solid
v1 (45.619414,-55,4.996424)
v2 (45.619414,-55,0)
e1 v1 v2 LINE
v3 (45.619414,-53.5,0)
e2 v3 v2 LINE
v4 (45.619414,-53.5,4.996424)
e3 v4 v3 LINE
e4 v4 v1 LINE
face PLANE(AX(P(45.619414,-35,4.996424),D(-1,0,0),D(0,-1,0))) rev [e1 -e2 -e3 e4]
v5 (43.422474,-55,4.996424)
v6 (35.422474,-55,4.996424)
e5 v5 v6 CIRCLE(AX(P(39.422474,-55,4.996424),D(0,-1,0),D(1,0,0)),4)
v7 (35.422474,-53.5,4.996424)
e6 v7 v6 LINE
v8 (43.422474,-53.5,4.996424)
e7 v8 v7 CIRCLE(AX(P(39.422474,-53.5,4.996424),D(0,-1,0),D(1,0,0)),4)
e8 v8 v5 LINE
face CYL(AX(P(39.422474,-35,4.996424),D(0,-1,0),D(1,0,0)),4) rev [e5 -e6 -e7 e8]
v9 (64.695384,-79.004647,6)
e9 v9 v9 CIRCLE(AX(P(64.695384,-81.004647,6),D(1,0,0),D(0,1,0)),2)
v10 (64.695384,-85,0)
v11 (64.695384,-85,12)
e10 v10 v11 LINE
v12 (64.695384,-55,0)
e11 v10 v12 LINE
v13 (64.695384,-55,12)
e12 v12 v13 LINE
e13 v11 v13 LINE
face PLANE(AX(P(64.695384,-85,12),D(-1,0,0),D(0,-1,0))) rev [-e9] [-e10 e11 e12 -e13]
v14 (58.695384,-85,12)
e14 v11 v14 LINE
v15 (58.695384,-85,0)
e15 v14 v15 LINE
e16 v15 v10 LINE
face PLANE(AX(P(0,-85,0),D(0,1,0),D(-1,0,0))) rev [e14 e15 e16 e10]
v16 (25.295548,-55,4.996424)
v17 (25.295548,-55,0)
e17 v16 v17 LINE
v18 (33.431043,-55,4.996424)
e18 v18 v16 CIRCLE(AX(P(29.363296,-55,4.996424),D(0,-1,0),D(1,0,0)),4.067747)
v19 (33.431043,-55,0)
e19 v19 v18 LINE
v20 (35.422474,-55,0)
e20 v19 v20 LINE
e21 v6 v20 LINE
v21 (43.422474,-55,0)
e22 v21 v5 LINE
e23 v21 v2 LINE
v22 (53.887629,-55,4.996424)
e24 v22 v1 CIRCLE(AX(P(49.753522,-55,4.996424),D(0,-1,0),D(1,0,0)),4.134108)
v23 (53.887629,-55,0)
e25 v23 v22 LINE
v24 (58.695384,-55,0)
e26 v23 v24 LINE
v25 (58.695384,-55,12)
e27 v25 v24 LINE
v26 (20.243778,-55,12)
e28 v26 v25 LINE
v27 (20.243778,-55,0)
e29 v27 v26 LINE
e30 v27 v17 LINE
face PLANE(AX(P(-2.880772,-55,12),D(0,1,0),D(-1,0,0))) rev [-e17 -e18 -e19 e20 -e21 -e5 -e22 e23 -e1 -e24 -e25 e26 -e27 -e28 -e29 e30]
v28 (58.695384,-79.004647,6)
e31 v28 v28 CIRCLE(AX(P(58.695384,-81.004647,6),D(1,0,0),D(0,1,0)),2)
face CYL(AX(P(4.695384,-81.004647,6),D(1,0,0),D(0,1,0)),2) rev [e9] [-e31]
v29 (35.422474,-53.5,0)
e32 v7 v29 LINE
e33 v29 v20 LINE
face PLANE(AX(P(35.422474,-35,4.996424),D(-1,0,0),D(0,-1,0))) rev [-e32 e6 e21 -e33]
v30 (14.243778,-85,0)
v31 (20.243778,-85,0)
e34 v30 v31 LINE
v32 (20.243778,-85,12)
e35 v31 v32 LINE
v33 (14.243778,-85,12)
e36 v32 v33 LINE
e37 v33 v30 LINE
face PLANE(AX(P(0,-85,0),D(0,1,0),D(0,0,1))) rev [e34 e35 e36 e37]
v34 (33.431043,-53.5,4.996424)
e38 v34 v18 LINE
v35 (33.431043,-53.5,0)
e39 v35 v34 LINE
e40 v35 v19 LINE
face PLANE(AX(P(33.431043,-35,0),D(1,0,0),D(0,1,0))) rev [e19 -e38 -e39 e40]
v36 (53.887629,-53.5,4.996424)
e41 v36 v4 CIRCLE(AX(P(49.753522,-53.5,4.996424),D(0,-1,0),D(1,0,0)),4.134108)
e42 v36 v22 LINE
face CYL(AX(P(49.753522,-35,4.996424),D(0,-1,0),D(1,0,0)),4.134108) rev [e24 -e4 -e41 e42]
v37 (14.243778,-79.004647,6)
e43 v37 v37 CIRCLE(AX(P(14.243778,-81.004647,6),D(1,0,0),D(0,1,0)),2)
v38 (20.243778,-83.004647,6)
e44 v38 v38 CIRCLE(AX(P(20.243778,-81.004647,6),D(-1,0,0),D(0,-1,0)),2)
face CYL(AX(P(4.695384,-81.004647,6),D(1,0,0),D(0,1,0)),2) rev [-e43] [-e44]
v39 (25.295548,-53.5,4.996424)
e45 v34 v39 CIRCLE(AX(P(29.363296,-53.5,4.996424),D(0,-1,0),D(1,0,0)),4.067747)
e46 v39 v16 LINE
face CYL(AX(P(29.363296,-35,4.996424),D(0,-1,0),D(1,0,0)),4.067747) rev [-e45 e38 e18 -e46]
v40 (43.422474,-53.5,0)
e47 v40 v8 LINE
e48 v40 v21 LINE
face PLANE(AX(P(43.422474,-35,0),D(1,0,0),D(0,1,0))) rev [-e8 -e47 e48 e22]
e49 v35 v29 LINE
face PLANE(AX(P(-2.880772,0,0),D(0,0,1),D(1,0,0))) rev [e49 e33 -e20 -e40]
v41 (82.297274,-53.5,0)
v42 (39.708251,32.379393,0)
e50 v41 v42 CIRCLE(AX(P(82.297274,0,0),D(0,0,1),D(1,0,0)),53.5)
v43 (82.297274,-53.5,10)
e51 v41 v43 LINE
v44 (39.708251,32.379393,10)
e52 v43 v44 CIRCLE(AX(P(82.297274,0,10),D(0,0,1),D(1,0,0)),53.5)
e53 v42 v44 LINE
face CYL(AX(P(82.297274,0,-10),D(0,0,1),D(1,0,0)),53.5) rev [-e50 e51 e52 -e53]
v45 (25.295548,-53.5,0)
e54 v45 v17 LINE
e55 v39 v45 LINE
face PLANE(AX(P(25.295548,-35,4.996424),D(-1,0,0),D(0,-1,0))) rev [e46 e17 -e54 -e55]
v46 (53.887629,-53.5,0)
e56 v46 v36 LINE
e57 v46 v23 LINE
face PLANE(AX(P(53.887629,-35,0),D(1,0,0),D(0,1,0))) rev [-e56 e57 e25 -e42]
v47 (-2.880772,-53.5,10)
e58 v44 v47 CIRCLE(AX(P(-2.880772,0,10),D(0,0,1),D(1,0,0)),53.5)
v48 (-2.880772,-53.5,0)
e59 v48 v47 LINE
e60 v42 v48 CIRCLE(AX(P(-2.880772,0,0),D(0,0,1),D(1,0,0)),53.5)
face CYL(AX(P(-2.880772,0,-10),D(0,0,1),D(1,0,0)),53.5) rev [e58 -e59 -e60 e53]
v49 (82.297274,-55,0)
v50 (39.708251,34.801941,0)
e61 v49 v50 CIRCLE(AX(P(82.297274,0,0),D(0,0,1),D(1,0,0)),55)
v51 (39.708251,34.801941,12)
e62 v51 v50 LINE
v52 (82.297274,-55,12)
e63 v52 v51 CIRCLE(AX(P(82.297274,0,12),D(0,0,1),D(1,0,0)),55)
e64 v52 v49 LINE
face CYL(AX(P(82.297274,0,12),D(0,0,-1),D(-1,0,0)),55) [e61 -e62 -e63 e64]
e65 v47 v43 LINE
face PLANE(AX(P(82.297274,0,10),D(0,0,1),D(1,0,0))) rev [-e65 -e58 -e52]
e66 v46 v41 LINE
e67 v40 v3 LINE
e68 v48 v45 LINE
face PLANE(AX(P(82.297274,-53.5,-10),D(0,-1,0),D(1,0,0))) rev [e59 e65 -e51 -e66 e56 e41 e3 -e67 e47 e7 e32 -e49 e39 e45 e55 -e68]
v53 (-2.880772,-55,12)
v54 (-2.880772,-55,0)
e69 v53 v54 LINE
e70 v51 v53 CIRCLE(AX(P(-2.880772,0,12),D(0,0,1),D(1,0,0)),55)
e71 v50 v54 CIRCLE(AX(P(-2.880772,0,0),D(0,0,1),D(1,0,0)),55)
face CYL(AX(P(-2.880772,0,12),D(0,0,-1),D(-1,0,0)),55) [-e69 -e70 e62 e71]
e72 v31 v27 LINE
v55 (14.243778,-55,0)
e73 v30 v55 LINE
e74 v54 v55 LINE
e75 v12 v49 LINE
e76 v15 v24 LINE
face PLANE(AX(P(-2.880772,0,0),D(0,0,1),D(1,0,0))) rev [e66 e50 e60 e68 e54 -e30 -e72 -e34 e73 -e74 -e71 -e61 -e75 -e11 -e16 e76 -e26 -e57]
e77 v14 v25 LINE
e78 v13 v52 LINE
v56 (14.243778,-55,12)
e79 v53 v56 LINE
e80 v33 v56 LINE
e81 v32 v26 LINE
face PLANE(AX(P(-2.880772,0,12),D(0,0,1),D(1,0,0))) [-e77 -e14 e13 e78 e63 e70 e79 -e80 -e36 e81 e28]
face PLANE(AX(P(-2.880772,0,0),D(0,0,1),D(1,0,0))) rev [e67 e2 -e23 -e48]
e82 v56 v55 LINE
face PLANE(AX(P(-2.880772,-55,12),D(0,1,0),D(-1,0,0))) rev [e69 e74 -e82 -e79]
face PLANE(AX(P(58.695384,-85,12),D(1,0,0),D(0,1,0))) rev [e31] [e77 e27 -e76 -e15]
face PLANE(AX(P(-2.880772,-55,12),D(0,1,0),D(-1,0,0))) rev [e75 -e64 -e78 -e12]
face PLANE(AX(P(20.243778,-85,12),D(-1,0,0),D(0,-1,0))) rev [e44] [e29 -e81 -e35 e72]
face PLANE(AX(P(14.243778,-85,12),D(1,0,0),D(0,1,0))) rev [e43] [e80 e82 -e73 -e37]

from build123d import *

# Parameters (mm, degrees)
Y_KSEKLIK_EKSTR_ZYON1_DEPTH = 12
KES_EKSTR_ZYON1_DEPTH       = 10
KES_EKSTR_ZYON4_DEPTH       = 20
IZIM4_W                     = 6
IZIM4_H                     = 12
Y_KSEKLIK_EKSTR_ZYON2_DEPTH = 30
IZIM5_R                     = 2
KES_EKSTR_ZYON5_DEPTH       = 60


with BuildPart() as part:
    # Çizim1 → Yükseklik-Ekstrüzyon1 (new body)
    with BuildSketch(Plane.XY):
        with BuildLine():
            Line((-2.88077248, -55), (82.297274127, -55))
            ThreePointArc((82.297274127, -55), (131.991875204, 23.567915135), (39.708250823, 34.801940953))
            ThreePointArc((39.708250823, 34.801940953), (-52.575373557, 23.567915135), (-2.88077248, -55))
        make_face()
    extrude(amount=Y_KSEKLIK_EKSTR_ZYON1_DEPTH)

    # Çizim2 → Kes-Ekstrüzyon1 (cut, symmetric)
    with BuildSketch(Plane.XY):
        with BuildLine():
            Line((82.297274127, -53.5), (-2.88077248, -53.5))
            ThreePointArc((-2.88077248, -53.5), (-50.81065631, 23.769228763), (39.708250823, 32.379393047))
            ThreePointArc((39.708250823, 32.379393047), (130.227157957, 23.769228763), (82.297274127, -53.5))
        make_face()
    extrude(amount=KES_EKSTR_ZYON1_DEPTH, both=True, mode=Mode.SUBTRACT)

    # Çizim3 → Kes-Ekstrüzyon4 (cut)
    with BuildSketch(Plane.XZ.offset(55)):
        with BuildLine():
            Line((25.295548254, 4.99642351), (25.295548254, 0))
            Line((25.295548254, 0), (33.431042786, 0))
            Line((33.431042786, 0), (33.431042786, 4.99642351))
            ThreePointArc((33.431042786, 4.99642351), (29.36329552, 9.064170776), (25.295548254, 4.99642351))
        make_face()
        with BuildLine():
            Line((35.422473694, 4.99642351), (35.422473694, 0))
            Line((35.422473694, 0), (43.422473694, 0))
            Line((43.422473694, 0), (43.422473694, 4.99642351))
            ThreePointArc((43.422473694, 4.99642351), (39.422473694, 8.99642351), (35.422473694, 4.99642351))
        make_face()
        with BuildLine():
            Line((45.619413975, 4.99642351), (45.619413975, 0))
            Line((45.619413975, 0), (53.887629124, 0))
            Line((53.887629124, 0), (53.887629124, 4.99642351))
            ThreePointArc((53.887629124, 4.99642351), (49.753521549, 9.130531084), (45.619413975, 4.99642351))
        make_face()
    extrude(amount=-KES_EKSTR_ZYON4_DEPTH, mode=Mode.SUBTRACT)

    # Çizim4 → Yükseklik-Ekstrüzyon2 (add)
    with BuildSketch(Plane(origin=(0, -55, 0), x_dir=(-1, 0, 0), z_dir=(0, -1, 0))):
        with Locations((-17.243778266, -6)):
            Rectangle(IZIM4_W, IZIM4_H)
        with Locations((-61.695384492, -6)):
            Rectangle(IZIM4_W, IZIM4_H)
    extrude(amount=Y_KSEKLIK_EKSTR_ZYON2_DEPTH)

    # Çizim5 → Kes-Ekstrüzyon5 (cut)
    with BuildSketch(Plane(origin=(64.695384492, 0, 0), x_dir=(0, 0, -1), z_dir=(1, 0, 0))):
        with Locations(Location((-6, -81.004647187, 0), (0, 0, 90))):
            Circle(IZIM5_R)
    extrude(amount=-KES_EKSTR_ZYON5_DEPTH, mode=Mode.SUBTRACT)


solid = part.part
